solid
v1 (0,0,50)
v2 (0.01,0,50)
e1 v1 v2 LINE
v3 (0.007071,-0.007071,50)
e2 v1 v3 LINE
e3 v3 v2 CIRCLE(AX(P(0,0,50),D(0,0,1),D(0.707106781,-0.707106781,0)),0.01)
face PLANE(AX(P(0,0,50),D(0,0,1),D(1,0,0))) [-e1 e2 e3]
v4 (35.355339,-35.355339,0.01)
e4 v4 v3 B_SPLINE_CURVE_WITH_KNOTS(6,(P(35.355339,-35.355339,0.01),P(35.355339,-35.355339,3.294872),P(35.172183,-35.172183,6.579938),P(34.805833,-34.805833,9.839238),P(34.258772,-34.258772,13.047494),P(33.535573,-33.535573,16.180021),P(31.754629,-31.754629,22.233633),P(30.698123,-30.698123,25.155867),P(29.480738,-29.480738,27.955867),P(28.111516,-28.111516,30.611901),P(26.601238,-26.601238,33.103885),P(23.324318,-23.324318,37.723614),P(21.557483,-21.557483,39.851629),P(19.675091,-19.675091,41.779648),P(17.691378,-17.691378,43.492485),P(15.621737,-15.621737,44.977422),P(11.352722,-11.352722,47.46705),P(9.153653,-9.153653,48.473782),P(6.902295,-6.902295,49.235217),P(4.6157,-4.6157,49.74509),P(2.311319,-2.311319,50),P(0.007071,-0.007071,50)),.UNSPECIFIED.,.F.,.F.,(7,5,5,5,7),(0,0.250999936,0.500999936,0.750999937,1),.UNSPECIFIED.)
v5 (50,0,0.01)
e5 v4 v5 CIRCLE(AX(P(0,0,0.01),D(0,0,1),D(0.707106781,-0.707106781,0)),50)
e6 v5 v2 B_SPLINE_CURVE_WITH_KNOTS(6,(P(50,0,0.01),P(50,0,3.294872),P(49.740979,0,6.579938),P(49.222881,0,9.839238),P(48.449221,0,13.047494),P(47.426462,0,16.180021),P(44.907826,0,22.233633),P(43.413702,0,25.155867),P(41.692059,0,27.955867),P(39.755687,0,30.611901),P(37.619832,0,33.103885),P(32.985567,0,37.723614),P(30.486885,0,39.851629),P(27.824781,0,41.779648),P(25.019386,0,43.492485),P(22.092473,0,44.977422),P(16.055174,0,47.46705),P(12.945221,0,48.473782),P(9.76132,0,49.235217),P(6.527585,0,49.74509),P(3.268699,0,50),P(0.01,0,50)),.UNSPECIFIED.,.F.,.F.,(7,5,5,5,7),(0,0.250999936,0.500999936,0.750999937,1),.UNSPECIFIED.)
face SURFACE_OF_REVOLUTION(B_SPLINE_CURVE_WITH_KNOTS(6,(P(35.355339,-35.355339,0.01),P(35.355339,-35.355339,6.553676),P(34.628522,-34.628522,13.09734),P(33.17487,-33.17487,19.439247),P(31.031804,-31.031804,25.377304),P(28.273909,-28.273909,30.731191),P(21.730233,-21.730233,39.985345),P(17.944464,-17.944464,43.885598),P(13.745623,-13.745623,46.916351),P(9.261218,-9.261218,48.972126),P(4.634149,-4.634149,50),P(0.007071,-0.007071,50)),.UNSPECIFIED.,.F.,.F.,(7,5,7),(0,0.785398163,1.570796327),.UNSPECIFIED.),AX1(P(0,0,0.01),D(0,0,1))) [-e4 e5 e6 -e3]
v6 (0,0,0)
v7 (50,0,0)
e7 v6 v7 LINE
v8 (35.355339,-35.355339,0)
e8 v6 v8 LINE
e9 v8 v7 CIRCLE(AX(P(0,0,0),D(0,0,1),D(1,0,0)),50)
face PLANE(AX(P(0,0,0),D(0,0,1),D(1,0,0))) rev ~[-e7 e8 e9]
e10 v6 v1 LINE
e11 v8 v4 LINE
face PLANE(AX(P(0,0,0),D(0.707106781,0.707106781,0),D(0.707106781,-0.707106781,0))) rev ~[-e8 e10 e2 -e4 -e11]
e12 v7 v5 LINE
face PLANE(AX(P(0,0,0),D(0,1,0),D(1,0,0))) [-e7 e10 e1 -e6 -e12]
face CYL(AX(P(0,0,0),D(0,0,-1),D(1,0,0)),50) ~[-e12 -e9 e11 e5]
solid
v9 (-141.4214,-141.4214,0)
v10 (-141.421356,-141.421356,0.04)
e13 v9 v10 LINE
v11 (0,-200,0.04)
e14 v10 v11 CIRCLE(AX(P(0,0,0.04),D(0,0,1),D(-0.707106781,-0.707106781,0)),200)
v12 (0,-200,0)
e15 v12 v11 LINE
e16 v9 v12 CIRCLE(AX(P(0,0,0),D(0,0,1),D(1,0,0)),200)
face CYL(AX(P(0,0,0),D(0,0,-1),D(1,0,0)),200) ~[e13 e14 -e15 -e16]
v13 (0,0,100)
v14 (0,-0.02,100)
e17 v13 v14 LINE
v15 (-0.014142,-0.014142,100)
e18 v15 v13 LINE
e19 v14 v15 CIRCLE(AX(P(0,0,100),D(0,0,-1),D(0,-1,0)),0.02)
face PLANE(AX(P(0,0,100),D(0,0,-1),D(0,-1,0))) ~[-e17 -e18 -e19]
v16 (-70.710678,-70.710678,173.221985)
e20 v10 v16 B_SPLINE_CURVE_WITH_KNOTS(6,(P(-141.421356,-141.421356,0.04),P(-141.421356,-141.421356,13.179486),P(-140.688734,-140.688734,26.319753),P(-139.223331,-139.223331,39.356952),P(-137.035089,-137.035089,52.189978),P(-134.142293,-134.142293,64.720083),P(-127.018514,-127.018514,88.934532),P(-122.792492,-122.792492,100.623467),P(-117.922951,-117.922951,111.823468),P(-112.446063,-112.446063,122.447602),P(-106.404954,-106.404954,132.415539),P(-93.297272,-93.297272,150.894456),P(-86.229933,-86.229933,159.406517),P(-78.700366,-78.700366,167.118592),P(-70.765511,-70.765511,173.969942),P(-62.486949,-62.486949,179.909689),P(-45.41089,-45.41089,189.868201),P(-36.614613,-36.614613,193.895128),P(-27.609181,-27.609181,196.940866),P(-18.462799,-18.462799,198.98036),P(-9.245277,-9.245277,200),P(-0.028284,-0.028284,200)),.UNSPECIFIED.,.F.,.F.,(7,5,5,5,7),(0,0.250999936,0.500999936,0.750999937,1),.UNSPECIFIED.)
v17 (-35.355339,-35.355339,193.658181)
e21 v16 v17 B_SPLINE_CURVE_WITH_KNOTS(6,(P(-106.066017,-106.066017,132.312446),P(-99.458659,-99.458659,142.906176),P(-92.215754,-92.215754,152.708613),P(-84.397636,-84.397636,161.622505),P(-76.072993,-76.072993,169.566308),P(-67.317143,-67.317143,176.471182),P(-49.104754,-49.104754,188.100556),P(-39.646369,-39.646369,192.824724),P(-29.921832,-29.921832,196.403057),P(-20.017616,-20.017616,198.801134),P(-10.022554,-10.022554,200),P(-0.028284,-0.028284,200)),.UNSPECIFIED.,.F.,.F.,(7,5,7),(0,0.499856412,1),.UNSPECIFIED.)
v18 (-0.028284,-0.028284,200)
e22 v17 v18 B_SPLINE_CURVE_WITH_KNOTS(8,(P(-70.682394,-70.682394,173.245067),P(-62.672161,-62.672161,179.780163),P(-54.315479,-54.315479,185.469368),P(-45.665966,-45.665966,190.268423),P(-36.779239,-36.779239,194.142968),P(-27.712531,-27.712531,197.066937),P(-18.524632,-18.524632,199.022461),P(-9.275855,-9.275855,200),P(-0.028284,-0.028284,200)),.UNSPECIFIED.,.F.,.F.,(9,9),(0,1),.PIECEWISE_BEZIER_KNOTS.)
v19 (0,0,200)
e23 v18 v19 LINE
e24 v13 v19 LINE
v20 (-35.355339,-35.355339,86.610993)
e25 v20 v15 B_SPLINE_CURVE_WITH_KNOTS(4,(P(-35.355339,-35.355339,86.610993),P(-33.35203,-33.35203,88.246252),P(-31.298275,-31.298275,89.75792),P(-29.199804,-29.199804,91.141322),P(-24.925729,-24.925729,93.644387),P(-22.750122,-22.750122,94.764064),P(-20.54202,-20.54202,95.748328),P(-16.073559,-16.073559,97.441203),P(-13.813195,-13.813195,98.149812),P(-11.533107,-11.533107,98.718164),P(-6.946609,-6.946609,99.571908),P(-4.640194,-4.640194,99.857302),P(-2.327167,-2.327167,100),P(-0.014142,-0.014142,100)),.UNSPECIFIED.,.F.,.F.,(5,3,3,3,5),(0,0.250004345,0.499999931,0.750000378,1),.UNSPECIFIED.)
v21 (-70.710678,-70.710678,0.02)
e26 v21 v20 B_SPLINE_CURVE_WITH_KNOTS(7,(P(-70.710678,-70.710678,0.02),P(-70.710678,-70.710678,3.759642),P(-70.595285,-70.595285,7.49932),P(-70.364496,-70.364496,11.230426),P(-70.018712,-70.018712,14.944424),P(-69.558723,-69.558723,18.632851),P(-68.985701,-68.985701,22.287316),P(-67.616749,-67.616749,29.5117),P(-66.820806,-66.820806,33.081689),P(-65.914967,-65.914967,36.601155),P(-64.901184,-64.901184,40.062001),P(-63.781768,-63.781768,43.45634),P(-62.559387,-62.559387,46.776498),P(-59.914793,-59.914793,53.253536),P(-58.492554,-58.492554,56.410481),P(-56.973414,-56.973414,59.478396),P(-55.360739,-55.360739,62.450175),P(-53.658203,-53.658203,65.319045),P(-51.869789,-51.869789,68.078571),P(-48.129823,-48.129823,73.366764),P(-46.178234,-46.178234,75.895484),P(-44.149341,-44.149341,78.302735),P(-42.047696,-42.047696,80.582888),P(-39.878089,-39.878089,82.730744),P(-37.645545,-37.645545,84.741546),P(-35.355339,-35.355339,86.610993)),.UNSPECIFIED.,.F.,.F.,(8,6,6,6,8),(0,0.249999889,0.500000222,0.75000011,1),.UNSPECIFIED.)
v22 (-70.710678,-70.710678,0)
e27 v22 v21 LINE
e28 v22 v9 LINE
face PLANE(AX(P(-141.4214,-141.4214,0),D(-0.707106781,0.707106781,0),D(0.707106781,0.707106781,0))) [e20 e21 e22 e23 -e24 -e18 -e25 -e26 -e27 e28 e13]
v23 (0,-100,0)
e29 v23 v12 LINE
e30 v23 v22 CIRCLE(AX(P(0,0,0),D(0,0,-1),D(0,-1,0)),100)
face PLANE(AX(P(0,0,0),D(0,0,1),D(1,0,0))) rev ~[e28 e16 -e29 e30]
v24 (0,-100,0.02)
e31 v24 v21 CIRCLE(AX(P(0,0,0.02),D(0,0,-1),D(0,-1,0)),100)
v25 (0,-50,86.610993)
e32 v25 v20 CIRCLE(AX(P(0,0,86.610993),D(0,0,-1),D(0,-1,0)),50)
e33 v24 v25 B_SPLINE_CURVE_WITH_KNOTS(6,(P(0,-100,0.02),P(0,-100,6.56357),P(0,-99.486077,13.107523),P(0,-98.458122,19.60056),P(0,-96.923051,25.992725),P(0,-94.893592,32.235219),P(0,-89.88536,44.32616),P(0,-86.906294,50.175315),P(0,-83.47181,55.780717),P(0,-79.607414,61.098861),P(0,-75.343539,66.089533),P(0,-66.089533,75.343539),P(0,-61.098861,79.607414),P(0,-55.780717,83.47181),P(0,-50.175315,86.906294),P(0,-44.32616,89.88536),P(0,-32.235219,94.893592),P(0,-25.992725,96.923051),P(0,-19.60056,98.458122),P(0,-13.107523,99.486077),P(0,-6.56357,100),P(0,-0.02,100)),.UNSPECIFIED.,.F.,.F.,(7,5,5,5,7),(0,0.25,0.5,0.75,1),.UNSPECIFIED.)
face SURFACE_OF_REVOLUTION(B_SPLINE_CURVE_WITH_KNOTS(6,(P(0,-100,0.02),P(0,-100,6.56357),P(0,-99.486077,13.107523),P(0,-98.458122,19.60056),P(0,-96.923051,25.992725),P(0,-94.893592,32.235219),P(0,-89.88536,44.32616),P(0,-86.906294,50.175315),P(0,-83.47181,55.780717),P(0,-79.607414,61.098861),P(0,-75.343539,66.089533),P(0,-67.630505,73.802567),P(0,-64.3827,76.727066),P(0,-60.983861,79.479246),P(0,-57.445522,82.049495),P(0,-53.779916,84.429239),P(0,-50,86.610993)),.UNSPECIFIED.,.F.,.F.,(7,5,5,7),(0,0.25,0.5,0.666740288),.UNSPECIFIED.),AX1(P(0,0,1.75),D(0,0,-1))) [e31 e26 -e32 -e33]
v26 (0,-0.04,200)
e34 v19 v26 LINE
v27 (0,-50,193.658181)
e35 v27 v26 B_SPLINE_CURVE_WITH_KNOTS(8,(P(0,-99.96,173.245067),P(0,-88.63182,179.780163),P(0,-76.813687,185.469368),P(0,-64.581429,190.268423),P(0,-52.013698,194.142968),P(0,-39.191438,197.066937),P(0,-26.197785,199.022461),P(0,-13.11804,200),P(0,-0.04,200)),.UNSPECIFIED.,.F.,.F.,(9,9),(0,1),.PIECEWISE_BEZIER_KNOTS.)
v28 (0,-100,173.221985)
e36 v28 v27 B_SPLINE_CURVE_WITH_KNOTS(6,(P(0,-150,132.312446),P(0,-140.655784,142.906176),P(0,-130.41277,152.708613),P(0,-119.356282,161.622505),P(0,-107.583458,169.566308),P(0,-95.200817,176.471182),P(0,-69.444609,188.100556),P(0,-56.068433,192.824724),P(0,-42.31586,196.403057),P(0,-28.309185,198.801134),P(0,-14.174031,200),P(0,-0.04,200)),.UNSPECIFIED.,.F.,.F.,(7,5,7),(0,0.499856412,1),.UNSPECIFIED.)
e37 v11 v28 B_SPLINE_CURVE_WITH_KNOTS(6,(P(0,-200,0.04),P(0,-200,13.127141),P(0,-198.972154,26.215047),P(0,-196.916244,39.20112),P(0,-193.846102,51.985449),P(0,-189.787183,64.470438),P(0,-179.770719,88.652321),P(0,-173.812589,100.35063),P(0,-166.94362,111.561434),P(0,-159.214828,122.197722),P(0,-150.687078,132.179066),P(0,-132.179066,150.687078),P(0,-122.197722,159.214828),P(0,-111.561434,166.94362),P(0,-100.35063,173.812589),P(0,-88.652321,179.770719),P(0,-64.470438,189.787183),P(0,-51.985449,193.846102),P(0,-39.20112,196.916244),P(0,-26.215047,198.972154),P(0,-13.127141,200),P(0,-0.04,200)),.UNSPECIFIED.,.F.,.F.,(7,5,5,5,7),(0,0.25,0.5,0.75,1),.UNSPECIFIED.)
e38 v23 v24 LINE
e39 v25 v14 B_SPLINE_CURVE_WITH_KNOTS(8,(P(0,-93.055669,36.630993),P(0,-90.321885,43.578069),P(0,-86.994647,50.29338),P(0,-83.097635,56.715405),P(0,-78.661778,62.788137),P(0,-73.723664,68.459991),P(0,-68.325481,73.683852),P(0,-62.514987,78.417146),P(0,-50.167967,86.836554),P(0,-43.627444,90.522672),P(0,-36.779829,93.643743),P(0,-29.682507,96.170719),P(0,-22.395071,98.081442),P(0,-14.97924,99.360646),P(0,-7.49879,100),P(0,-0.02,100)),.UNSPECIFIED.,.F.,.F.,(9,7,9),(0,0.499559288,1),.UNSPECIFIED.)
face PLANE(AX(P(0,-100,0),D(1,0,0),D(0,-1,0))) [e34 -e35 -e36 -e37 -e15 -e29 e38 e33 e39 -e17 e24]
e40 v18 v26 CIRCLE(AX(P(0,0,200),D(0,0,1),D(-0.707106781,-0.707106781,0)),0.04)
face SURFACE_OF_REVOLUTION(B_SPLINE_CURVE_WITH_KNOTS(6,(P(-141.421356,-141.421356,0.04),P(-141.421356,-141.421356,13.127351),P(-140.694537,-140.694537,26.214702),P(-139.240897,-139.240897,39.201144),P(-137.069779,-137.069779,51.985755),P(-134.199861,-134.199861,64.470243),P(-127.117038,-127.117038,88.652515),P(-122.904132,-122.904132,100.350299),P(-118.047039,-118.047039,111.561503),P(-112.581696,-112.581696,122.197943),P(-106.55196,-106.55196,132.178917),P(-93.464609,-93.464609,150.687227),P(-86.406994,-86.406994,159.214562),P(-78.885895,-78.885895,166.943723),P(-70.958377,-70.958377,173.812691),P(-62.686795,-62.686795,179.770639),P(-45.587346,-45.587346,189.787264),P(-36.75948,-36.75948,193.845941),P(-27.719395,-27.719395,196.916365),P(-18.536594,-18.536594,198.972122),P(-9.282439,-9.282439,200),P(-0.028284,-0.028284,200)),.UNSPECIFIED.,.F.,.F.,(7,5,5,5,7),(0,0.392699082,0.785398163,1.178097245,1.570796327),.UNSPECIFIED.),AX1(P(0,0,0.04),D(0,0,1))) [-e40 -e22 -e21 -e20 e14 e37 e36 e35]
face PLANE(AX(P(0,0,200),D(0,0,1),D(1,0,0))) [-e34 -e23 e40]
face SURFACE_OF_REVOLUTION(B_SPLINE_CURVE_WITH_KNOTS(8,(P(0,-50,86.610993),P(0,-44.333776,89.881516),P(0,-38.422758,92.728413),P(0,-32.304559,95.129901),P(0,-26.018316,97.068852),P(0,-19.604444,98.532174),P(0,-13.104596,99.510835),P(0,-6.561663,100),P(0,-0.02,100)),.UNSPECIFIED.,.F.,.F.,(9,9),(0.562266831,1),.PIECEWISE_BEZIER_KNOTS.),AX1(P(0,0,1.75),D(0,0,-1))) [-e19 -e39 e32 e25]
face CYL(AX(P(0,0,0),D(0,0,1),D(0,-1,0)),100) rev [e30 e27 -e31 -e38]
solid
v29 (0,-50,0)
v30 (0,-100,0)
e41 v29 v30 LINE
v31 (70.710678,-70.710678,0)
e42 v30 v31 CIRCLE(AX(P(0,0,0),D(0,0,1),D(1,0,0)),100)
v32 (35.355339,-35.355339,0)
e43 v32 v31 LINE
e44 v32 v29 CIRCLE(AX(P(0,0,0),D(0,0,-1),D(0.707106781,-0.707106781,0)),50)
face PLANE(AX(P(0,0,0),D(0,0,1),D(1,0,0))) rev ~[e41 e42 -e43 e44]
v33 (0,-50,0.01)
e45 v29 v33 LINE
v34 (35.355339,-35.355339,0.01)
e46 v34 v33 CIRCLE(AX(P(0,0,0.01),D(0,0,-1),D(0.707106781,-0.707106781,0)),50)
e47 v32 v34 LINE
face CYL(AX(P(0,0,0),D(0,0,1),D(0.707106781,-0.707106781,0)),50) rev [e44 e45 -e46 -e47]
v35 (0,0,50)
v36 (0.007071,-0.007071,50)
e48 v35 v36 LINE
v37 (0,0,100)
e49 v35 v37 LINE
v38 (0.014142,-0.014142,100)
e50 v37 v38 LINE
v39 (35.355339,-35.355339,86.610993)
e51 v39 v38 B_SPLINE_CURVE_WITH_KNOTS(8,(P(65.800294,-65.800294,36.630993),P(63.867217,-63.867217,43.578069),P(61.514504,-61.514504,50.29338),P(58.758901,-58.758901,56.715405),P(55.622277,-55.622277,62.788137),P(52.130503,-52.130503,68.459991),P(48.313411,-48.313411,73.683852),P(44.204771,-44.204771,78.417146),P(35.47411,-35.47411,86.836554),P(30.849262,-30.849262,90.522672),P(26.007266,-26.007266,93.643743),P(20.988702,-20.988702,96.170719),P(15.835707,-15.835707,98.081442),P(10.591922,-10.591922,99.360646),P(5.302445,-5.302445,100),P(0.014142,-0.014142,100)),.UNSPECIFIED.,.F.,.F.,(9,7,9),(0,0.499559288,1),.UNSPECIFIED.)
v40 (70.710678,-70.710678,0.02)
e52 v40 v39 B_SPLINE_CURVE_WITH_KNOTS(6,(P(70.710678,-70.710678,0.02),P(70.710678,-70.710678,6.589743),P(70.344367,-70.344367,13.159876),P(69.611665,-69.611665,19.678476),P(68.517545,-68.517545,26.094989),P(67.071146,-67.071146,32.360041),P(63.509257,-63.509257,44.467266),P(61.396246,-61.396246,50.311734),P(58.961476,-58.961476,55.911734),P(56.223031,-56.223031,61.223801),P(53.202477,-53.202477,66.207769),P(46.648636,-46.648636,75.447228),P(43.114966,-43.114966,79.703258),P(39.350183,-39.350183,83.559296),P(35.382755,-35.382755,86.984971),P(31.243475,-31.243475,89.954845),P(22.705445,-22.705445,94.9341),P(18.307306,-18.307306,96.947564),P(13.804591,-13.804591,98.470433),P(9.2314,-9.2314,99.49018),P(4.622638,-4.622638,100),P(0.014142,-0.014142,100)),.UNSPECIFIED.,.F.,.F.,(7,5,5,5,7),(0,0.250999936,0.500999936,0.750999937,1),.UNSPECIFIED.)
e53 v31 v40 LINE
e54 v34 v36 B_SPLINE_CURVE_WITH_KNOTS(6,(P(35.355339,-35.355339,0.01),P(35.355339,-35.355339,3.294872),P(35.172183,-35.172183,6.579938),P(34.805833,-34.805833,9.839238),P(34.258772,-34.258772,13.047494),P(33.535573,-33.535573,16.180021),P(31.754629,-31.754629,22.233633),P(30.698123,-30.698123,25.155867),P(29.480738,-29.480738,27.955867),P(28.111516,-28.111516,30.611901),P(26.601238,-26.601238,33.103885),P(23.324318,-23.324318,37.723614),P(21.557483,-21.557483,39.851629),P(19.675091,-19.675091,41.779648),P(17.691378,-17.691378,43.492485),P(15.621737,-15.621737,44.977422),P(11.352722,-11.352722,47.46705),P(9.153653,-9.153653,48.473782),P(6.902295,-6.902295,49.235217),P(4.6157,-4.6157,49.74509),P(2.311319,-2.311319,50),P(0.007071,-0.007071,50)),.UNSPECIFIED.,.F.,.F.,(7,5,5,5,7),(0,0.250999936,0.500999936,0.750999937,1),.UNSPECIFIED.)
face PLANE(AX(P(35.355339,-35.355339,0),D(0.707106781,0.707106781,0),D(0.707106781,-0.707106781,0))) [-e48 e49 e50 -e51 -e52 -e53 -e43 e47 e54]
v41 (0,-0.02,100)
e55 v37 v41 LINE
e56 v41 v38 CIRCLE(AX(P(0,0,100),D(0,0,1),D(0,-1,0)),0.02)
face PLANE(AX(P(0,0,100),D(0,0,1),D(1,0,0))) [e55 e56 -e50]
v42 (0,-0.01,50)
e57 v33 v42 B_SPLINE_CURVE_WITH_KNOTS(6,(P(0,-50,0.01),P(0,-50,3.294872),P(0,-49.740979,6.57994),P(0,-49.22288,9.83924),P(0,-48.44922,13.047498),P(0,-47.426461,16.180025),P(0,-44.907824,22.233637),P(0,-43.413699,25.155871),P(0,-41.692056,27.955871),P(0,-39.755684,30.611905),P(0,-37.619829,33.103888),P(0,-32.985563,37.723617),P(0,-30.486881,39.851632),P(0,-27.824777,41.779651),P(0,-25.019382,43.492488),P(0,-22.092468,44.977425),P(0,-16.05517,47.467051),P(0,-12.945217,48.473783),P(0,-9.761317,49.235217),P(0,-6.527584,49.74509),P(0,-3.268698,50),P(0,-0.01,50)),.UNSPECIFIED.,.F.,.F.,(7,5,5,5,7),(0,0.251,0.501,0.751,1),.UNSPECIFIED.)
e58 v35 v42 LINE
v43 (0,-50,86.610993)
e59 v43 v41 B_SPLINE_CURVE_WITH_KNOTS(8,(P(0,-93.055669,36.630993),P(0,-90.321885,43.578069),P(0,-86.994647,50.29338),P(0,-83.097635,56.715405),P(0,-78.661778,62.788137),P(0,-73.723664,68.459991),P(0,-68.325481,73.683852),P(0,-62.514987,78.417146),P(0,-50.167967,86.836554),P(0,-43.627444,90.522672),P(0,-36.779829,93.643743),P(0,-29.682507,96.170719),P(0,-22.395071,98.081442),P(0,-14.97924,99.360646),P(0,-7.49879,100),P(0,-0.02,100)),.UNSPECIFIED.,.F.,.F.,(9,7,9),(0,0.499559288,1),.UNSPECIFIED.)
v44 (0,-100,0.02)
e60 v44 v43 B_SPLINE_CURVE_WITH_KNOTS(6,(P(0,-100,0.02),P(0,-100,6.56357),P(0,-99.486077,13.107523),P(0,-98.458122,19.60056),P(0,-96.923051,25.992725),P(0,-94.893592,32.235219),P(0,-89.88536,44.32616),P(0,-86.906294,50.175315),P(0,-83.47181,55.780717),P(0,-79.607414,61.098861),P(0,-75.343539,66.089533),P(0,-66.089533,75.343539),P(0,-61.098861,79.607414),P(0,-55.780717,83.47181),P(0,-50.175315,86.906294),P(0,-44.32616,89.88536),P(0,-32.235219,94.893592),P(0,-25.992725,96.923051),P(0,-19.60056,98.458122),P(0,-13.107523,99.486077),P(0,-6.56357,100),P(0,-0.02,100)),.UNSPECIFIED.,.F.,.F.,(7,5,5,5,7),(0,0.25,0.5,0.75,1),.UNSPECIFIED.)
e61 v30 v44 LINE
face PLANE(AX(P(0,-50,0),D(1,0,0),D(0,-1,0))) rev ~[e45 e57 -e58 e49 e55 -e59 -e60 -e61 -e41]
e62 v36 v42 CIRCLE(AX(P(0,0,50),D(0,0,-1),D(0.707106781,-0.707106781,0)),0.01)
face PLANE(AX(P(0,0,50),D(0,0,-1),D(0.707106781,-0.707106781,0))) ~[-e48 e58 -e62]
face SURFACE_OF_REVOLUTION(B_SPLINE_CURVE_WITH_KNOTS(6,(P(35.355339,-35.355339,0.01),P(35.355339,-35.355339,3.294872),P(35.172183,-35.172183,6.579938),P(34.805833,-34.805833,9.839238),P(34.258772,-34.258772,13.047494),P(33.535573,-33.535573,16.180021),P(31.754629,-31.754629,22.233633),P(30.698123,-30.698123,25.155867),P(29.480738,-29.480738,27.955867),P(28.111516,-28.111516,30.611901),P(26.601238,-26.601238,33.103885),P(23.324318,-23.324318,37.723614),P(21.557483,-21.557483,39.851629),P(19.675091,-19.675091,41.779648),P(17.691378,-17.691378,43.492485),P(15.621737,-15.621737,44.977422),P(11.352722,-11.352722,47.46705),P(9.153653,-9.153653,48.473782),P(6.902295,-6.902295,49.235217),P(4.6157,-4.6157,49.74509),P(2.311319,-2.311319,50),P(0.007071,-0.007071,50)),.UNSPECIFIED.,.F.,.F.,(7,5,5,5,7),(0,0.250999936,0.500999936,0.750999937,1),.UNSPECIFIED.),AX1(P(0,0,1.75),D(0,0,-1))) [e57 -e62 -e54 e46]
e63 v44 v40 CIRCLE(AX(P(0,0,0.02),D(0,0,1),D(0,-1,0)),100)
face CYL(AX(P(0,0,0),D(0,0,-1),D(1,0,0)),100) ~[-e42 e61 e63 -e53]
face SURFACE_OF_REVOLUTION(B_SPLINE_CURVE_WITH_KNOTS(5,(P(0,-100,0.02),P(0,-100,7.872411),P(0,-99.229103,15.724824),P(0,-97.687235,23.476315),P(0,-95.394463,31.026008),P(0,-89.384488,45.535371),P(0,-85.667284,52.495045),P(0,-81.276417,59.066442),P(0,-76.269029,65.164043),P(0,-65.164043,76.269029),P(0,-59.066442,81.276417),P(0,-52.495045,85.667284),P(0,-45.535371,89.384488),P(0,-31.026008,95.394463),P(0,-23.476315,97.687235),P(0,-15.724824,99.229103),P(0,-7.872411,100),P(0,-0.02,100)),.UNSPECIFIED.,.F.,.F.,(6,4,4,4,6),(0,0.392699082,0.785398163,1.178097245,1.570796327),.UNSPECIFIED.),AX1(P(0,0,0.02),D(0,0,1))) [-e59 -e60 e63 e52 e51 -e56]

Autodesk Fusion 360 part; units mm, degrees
sketch "Sketch2" plane through (0, 0, 0) normal (0, 0, 1) x (1, 0, 0)
  circle A0 centre (0, 0) radius 200
  line L0 (0, 200) -> (0, -200)
  line L1 (-200, 0) -> (200, 0)
  line L2 (-141.4214, 141.4214) -> (141.4214, -141.4214)
  line L3 (-141.4214, -141.4214) -> (141.4214, 141.4214)
  line L4 (0, -200) -> (0, 200)
  line L5 (-200, 0) -> (200, 0)
  circle A1 centre (0, 0) radius 50
  circle A2 centre (0, 0) radius 100
  dimension "d7" = 400
  dimension "d8" = 45
  dimension "d9" = 45
  dimension "d10" = 100
  dimension "d11" = 200
extrude "Extrude1" add sketch "Sketch2" along normal blind 50 contours L1 L2 L5 A1 picked at (27.6563, -18.4794) makes body 1 in component "Small"
extrude "Extrude1'" add sketch "Sketch2" along normal blind 100 separate body contours L0 L2 L4 A1 A2 | L0 L2 L4 A1 picked at (55.6474, -61.8005) picked at (10.6917, -31.4968) makes body 2 in component "Medium"
extrude "Extrude1''" add sketch "Sketch2" along normal blind 200 separate body contours A0 L0 L3 L4 A2 | L0 L3 L4 A1 A2 | L0 L3 L4 A1 picked at (-8.7017, -166.0963) picked at (-37.7561, -74.0973) picked at (-10.6917, -31.4968) makes body 3 in component "Large"
fillet "Fillet1" radius 50 1 edges at (46.194, -19.1342, 50) on bodies 1 in component "Small"
fillet "Fillet2" radius 100 1 edges at (38.2683, -92.388, 100) on bodies 2 in component "Medium"
fillet "Fillet1'" radius 200 1 edges at (-76.5367, -184.7759, 200) on bodies 3 in component "Large"
revolve "Revolve1" cut 1 faces at (23.461, -23.461, 2.2699) angle 180 about axis through (0, 0, 1.75) along (0, 0, -1) on bodies 1 bodies 2 in component "Medium"
revolve "Revolve1'" cut 1 faces at (23.461, -23.461, 2.2699) angle 180 about axis through (0, 0, 1.75) along (0, 0, -1) on bodies 1 bodies 3 in component "Large"
revolve "Revolve2" cut 1 faces at (0, -37.0989, 74.4235) angle 180 about axis through (0, 0, 1.75) along (0, 0, -1) on bodies 2 bodies 3 in component "Large"
component "Small" placed x (1, 0, 0) y (0, 1, 0) z (0, 0, 1) at (0, 0, 0)
component "Medium" placed x (1, 0, 0) y (0, 1, 0) z (0, 0, 1) at (0, 0, 0)
component "Large" placed x (1, 0, 0) y (0, 1, 0) z (0, 0, 1) at (0, 0, 0)
